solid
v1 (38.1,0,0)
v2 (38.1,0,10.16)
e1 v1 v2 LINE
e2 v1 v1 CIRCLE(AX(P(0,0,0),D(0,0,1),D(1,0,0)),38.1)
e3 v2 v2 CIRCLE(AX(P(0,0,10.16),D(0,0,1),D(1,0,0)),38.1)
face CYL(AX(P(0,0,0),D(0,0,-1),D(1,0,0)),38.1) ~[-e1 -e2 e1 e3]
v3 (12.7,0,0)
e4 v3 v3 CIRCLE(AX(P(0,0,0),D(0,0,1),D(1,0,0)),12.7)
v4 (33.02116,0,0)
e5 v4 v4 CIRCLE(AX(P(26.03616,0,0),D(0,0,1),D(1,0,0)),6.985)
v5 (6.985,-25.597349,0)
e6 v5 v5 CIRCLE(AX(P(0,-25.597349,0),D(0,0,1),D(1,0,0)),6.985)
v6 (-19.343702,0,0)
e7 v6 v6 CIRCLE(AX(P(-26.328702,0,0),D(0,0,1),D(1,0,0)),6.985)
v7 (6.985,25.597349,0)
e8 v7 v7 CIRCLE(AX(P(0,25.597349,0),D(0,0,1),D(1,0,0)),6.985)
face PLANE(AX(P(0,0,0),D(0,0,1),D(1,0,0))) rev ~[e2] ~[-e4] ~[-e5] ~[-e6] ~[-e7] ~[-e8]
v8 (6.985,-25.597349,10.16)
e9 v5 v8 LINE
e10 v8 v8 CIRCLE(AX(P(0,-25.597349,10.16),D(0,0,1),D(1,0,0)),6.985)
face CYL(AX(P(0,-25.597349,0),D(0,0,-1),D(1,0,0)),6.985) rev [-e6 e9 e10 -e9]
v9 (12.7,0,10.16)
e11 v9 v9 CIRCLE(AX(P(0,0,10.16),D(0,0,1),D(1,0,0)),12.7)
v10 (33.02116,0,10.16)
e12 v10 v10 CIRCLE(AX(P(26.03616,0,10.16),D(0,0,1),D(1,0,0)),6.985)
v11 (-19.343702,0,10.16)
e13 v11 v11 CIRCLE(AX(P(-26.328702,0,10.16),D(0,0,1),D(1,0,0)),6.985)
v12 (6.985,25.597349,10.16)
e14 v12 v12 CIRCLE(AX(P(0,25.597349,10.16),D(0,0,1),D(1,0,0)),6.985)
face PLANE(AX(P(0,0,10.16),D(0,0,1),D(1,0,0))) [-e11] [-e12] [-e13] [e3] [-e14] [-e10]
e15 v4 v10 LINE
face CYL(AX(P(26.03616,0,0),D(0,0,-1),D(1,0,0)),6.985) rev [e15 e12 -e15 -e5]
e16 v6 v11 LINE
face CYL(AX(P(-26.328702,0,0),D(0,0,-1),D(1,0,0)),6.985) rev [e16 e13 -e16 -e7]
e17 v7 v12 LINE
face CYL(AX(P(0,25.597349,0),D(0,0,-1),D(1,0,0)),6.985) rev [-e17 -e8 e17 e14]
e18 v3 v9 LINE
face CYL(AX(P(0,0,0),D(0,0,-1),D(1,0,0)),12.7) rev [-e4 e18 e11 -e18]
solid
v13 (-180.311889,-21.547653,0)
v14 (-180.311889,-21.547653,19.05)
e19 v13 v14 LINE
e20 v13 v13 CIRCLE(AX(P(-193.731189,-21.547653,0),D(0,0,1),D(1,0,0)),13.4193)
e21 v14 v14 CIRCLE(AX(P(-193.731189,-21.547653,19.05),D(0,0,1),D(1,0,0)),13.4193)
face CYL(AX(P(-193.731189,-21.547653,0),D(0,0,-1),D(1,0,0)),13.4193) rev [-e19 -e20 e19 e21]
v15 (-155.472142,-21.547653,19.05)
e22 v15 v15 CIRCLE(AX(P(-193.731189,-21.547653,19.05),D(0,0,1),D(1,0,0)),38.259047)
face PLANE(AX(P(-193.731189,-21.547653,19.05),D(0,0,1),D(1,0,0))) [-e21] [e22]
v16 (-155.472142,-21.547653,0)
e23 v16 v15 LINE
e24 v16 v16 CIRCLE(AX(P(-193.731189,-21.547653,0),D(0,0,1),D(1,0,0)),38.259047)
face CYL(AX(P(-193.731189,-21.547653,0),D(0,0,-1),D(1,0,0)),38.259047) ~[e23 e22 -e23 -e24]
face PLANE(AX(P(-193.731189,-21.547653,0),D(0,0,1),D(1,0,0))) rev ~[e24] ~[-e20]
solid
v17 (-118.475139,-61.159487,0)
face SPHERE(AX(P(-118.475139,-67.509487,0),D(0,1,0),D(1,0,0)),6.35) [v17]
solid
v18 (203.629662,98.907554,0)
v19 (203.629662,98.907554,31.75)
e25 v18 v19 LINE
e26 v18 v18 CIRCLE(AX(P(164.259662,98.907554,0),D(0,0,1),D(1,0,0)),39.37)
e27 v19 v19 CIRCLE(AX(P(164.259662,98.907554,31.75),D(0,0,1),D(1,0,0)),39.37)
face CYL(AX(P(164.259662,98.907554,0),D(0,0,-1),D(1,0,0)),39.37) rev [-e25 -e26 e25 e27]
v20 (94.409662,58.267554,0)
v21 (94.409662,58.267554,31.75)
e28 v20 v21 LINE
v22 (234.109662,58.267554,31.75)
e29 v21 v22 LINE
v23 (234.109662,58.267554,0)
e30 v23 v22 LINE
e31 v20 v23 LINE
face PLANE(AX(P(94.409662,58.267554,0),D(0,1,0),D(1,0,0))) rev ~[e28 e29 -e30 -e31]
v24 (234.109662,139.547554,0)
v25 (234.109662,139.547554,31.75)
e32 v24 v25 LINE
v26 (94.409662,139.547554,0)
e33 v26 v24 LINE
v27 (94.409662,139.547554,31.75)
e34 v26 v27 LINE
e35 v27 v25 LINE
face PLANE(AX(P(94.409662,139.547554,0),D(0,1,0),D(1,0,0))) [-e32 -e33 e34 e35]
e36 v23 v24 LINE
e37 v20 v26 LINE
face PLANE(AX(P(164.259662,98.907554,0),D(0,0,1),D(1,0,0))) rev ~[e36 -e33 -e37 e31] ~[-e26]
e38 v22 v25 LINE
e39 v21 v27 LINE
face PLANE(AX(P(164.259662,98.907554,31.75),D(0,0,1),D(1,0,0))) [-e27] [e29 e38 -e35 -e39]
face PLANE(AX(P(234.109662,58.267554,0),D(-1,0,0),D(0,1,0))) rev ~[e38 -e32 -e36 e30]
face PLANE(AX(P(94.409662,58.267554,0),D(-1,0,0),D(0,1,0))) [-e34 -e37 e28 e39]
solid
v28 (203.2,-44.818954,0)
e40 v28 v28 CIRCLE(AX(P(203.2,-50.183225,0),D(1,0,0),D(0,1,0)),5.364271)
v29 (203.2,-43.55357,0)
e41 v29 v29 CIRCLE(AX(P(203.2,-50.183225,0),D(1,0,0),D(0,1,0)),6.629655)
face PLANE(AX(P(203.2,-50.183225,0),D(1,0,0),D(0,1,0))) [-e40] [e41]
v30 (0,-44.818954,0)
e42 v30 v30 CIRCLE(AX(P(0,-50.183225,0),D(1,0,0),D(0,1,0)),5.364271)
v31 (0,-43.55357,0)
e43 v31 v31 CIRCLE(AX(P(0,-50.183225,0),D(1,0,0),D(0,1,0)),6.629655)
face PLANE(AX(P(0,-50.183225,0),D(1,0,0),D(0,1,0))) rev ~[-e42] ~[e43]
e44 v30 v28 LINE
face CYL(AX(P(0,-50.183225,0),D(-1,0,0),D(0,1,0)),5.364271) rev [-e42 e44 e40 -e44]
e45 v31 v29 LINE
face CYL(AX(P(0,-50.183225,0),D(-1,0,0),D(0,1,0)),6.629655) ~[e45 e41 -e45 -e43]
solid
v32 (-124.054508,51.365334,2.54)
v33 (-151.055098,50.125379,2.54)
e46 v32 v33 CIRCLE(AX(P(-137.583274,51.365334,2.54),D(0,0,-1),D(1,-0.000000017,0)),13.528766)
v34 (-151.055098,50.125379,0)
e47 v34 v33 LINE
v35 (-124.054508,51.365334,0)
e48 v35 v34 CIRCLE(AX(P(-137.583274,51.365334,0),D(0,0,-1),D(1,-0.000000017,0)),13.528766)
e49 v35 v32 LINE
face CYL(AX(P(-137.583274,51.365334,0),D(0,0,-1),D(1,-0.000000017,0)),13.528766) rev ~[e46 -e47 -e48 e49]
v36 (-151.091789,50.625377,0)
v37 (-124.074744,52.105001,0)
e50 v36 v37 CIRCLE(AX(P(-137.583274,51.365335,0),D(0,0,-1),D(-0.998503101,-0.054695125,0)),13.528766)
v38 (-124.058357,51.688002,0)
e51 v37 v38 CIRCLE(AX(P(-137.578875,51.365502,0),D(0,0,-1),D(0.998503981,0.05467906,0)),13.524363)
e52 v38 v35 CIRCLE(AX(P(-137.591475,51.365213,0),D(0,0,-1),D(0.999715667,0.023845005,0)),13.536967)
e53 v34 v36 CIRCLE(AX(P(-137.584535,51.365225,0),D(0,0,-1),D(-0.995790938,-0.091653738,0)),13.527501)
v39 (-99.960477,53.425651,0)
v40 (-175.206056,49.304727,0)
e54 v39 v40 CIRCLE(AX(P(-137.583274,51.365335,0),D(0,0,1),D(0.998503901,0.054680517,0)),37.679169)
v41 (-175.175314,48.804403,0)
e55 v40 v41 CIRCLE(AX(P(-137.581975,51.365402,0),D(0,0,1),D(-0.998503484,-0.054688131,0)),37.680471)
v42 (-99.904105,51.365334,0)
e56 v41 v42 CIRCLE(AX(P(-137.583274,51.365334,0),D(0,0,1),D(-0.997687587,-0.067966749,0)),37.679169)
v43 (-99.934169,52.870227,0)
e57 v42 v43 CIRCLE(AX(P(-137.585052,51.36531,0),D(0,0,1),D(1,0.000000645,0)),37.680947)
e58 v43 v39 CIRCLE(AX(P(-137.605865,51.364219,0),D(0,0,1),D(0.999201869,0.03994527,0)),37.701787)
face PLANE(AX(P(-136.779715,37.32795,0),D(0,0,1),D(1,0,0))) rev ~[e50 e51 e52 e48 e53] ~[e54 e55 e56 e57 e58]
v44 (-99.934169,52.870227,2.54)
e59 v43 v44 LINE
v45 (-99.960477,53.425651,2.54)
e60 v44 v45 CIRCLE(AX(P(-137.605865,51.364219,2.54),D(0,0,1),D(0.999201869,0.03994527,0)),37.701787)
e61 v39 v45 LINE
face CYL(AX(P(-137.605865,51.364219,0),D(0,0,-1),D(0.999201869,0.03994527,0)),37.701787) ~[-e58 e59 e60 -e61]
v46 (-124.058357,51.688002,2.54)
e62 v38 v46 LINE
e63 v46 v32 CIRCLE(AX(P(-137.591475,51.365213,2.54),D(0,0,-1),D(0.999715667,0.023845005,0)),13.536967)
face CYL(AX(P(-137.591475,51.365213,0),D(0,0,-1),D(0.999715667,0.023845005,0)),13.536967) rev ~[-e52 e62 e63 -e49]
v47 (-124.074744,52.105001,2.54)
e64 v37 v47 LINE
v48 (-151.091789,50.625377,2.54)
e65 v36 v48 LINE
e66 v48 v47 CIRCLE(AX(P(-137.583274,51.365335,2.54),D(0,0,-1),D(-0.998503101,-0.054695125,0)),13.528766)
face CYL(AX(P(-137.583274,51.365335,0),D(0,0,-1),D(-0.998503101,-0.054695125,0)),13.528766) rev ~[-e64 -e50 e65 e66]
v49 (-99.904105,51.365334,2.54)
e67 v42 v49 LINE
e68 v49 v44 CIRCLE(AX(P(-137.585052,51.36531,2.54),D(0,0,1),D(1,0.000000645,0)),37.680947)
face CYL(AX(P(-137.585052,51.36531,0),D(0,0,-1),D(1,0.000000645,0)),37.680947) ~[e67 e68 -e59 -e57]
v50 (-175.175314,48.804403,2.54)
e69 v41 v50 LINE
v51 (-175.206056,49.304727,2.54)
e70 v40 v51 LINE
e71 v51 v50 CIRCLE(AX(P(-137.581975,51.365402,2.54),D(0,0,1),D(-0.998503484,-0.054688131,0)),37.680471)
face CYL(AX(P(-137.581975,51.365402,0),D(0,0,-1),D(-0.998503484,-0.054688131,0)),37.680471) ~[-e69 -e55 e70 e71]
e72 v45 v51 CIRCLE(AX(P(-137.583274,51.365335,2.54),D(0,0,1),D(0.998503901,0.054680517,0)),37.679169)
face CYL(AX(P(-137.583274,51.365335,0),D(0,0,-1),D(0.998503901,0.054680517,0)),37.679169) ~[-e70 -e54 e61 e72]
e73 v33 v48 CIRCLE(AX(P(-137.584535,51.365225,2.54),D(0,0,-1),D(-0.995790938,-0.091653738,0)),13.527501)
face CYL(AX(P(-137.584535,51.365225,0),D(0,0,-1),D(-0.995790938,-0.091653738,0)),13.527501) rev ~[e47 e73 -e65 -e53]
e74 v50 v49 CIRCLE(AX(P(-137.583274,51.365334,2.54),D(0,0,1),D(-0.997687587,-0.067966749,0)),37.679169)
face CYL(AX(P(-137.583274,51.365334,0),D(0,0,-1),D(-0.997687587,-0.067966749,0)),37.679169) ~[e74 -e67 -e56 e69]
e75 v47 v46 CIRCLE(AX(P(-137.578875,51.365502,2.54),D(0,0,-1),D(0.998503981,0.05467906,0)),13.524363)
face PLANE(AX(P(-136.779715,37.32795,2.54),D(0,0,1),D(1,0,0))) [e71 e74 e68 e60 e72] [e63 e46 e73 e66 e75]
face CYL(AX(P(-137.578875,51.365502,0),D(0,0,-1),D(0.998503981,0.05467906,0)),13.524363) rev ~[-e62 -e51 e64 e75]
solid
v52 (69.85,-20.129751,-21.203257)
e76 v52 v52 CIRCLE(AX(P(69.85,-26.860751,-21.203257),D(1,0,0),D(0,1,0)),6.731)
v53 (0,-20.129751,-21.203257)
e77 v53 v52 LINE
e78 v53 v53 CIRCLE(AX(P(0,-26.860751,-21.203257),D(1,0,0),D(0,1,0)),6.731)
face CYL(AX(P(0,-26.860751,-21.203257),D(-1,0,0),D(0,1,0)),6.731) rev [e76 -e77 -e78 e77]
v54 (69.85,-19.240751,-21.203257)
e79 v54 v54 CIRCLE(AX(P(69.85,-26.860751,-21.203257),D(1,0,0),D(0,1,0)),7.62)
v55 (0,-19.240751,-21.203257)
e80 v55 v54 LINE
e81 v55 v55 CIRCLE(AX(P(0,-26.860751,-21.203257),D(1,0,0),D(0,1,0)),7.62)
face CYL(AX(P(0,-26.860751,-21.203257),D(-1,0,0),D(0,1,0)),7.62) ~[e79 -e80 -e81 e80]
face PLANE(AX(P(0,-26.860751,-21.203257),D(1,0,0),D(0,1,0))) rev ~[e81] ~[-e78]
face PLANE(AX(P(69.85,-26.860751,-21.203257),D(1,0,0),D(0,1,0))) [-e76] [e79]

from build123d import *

# Parameters (mm, degrees)
F0_R      = 38.1
F0_R_2    = 6.985
F0_R_3    = 12.7
F1_DEPTH  = 10.16
F3_DEPTH  = 2.54
F6_R      = 6.629655
F6_R_2    = 5.364271
F7_DEPTH  = 203.2
F8_R      = 38.259047
F8_R_2    = 13.4193
F9_DEPTH  = 19.05
F10_W     = 139.7
F10_H     = 81.28
F10_R     = 39.37
F11_DEPTH = 31.75
F12_R     = 7.62
F12_R_2   = 6.731
F13_DEPTH = 69.85


with BuildPart() as f1:
    # F0 (on Top) → F1 (new body)
    with BuildSketch(Plane.XY):
        Circle(F0_R)
        with Locations((0, -25.597349)):
            Circle(F0_R_2, mode=Mode.SUBTRACT)
        with Locations((-26.328702, 0)):
            Circle(F0_R_2, mode=Mode.SUBTRACT)
        Circle(F0_R_3, mode=Mode.SUBTRACT)
        with Locations((26.03616, 0)):
            Circle(F0_R_2, mode=Mode.SUBTRACT)
        with Locations((0, 25.597349)):
            Circle(F0_R_2, mode=Mode.SUBTRACT)
    extrude(amount=F1_DEPTH)


with BuildPart() as f3:
    # F2 (on Top) → F3 (new body)
    with BuildSketch(Plane.XY):
        with BuildLine():
            ThreePointArc((-175.175314, 48.804403), (-136.302068, 13.707953), (-99.904105, 51.365334))
            ThreePointArc((-99.904105, 51.365334), (-99.911622, 52.117931), (-99.934169, 52.870227))
            Line((-99.934169, 52.870227), (-124.058357, 51.688002))
            ThreePointArc((-124.058357, 51.688002), (-124.055471, 51.526679), (-124.054508, 51.365334))
            ThreePointArc((-124.054508, 51.365334), (-136.962644, 37.850811), (-151.055098, 50.125379))
            Line((-151.055098, 50.125379), (-175.175314, 48.804403))
        make_face()
        with BuildLine():
            Line((-124.058357, 51.688002), (-99.934169, 52.870227))
            ThreePointArc((-99.934169, 52.870227), (-99.946299, 53.147987), (-99.960477, 53.425651))
            Line((-99.960477, 53.425651), (-124.074744, 52.105001))
            ThreePointArc((-124.074744, 52.105001), (-124.064942, 51.896565), (-124.058357, 51.688002))
        make_face()
        with BuildLine():
            ThreePointArc((-175.206056, 49.304727), (-175.191517, 49.054514), (-175.175314, 48.804403))
            Line((-175.175314, 48.804403), (-151.055098, 50.125379))
            ThreePointArc((-151.055098, 50.125379), (-151.07576, 50.375208), (-151.091789, 50.625377))
            Line((-151.091789, 50.625377), (-175.206056, 49.304727))
        make_face()
        with BuildLine():
            Line((-124.074744, 52.105001), (-99.960477, 53.425651))
            ThreePointArc((-99.960477, 53.425651), (-139.643737, 88.988124), (-175.206056, 49.304727))
            Line((-175.206056, 49.304727), (-151.091789, 50.625377))
            ThreePointArc((-151.091789, 50.625377), (-138.323087, 64.873857), (-124.074744, 52.105001))
        make_face()
    extrude(amount=F3_DEPTH)


with BuildPart() as f5:
    # F4 (on Top) → F5 (revolve)
    with BuildSketch(Plane.XY):
        with BuildLine():
            Line((-118.475139, -61.159487), (-118.475139, -73.859487))
            ThreePointArc((-118.475139, -73.859487), (-112.125139, -67.509487), (-118.475139, -61.159487))
        make_face()
    revolve(axis=Axis((-118.475139, -67.509487, 0), (0, 1, 0)))


with BuildPart() as f7:
    # F6 (on Right) → F7 (new body)
    with BuildSketch(Plane.YZ):
        with Locations((-50.183225, 0)):
            Circle(F6_R)
        with Locations((-50.183225, 0)):
            Circle(F6_R_2, mode=Mode.SUBTRACT)
    extrude(amount=F7_DEPTH)


with BuildPart() as f9:
    # F8 (on Top) → F9 (new body)
    with BuildSketch(Plane.XY):
        with Locations((-193.731189, -21.547653)):
            Circle(F8_R)
        with Locations((-193.731189, -21.547653)):
            Circle(F8_R_2, mode=Mode.SUBTRACT)
    extrude(amount=F9_DEPTH)


with BuildPart() as f11:
    # F10 (on Top) → F11 (new body)
    with BuildSketch(Plane.XY):
        with Locations((164.259662, 98.907554)):
            Rectangle(F10_W, F10_H)
        with Locations((164.259662, 98.907554)):
            Circle(F10_R, mode=Mode.SUBTRACT)
    extrude(amount=F11_DEPTH)


with BuildPart() as f13:
    # F12 (on Right) → F13 (new body)
    with BuildSketch(Plane.YZ):
        with Locations((-26.860751, -21.203257)):
            Circle(F12_R)
        with Locations((-26.860751, -21.203257)):
            Circle(F12_R_2, mode=Mode.SUBTRACT)
    extrude(amount=F13_DEPTH)


solid = Compound([f1.part, f3.part, f5.part, f7.part, f9.part, f11.part, f13.part])
